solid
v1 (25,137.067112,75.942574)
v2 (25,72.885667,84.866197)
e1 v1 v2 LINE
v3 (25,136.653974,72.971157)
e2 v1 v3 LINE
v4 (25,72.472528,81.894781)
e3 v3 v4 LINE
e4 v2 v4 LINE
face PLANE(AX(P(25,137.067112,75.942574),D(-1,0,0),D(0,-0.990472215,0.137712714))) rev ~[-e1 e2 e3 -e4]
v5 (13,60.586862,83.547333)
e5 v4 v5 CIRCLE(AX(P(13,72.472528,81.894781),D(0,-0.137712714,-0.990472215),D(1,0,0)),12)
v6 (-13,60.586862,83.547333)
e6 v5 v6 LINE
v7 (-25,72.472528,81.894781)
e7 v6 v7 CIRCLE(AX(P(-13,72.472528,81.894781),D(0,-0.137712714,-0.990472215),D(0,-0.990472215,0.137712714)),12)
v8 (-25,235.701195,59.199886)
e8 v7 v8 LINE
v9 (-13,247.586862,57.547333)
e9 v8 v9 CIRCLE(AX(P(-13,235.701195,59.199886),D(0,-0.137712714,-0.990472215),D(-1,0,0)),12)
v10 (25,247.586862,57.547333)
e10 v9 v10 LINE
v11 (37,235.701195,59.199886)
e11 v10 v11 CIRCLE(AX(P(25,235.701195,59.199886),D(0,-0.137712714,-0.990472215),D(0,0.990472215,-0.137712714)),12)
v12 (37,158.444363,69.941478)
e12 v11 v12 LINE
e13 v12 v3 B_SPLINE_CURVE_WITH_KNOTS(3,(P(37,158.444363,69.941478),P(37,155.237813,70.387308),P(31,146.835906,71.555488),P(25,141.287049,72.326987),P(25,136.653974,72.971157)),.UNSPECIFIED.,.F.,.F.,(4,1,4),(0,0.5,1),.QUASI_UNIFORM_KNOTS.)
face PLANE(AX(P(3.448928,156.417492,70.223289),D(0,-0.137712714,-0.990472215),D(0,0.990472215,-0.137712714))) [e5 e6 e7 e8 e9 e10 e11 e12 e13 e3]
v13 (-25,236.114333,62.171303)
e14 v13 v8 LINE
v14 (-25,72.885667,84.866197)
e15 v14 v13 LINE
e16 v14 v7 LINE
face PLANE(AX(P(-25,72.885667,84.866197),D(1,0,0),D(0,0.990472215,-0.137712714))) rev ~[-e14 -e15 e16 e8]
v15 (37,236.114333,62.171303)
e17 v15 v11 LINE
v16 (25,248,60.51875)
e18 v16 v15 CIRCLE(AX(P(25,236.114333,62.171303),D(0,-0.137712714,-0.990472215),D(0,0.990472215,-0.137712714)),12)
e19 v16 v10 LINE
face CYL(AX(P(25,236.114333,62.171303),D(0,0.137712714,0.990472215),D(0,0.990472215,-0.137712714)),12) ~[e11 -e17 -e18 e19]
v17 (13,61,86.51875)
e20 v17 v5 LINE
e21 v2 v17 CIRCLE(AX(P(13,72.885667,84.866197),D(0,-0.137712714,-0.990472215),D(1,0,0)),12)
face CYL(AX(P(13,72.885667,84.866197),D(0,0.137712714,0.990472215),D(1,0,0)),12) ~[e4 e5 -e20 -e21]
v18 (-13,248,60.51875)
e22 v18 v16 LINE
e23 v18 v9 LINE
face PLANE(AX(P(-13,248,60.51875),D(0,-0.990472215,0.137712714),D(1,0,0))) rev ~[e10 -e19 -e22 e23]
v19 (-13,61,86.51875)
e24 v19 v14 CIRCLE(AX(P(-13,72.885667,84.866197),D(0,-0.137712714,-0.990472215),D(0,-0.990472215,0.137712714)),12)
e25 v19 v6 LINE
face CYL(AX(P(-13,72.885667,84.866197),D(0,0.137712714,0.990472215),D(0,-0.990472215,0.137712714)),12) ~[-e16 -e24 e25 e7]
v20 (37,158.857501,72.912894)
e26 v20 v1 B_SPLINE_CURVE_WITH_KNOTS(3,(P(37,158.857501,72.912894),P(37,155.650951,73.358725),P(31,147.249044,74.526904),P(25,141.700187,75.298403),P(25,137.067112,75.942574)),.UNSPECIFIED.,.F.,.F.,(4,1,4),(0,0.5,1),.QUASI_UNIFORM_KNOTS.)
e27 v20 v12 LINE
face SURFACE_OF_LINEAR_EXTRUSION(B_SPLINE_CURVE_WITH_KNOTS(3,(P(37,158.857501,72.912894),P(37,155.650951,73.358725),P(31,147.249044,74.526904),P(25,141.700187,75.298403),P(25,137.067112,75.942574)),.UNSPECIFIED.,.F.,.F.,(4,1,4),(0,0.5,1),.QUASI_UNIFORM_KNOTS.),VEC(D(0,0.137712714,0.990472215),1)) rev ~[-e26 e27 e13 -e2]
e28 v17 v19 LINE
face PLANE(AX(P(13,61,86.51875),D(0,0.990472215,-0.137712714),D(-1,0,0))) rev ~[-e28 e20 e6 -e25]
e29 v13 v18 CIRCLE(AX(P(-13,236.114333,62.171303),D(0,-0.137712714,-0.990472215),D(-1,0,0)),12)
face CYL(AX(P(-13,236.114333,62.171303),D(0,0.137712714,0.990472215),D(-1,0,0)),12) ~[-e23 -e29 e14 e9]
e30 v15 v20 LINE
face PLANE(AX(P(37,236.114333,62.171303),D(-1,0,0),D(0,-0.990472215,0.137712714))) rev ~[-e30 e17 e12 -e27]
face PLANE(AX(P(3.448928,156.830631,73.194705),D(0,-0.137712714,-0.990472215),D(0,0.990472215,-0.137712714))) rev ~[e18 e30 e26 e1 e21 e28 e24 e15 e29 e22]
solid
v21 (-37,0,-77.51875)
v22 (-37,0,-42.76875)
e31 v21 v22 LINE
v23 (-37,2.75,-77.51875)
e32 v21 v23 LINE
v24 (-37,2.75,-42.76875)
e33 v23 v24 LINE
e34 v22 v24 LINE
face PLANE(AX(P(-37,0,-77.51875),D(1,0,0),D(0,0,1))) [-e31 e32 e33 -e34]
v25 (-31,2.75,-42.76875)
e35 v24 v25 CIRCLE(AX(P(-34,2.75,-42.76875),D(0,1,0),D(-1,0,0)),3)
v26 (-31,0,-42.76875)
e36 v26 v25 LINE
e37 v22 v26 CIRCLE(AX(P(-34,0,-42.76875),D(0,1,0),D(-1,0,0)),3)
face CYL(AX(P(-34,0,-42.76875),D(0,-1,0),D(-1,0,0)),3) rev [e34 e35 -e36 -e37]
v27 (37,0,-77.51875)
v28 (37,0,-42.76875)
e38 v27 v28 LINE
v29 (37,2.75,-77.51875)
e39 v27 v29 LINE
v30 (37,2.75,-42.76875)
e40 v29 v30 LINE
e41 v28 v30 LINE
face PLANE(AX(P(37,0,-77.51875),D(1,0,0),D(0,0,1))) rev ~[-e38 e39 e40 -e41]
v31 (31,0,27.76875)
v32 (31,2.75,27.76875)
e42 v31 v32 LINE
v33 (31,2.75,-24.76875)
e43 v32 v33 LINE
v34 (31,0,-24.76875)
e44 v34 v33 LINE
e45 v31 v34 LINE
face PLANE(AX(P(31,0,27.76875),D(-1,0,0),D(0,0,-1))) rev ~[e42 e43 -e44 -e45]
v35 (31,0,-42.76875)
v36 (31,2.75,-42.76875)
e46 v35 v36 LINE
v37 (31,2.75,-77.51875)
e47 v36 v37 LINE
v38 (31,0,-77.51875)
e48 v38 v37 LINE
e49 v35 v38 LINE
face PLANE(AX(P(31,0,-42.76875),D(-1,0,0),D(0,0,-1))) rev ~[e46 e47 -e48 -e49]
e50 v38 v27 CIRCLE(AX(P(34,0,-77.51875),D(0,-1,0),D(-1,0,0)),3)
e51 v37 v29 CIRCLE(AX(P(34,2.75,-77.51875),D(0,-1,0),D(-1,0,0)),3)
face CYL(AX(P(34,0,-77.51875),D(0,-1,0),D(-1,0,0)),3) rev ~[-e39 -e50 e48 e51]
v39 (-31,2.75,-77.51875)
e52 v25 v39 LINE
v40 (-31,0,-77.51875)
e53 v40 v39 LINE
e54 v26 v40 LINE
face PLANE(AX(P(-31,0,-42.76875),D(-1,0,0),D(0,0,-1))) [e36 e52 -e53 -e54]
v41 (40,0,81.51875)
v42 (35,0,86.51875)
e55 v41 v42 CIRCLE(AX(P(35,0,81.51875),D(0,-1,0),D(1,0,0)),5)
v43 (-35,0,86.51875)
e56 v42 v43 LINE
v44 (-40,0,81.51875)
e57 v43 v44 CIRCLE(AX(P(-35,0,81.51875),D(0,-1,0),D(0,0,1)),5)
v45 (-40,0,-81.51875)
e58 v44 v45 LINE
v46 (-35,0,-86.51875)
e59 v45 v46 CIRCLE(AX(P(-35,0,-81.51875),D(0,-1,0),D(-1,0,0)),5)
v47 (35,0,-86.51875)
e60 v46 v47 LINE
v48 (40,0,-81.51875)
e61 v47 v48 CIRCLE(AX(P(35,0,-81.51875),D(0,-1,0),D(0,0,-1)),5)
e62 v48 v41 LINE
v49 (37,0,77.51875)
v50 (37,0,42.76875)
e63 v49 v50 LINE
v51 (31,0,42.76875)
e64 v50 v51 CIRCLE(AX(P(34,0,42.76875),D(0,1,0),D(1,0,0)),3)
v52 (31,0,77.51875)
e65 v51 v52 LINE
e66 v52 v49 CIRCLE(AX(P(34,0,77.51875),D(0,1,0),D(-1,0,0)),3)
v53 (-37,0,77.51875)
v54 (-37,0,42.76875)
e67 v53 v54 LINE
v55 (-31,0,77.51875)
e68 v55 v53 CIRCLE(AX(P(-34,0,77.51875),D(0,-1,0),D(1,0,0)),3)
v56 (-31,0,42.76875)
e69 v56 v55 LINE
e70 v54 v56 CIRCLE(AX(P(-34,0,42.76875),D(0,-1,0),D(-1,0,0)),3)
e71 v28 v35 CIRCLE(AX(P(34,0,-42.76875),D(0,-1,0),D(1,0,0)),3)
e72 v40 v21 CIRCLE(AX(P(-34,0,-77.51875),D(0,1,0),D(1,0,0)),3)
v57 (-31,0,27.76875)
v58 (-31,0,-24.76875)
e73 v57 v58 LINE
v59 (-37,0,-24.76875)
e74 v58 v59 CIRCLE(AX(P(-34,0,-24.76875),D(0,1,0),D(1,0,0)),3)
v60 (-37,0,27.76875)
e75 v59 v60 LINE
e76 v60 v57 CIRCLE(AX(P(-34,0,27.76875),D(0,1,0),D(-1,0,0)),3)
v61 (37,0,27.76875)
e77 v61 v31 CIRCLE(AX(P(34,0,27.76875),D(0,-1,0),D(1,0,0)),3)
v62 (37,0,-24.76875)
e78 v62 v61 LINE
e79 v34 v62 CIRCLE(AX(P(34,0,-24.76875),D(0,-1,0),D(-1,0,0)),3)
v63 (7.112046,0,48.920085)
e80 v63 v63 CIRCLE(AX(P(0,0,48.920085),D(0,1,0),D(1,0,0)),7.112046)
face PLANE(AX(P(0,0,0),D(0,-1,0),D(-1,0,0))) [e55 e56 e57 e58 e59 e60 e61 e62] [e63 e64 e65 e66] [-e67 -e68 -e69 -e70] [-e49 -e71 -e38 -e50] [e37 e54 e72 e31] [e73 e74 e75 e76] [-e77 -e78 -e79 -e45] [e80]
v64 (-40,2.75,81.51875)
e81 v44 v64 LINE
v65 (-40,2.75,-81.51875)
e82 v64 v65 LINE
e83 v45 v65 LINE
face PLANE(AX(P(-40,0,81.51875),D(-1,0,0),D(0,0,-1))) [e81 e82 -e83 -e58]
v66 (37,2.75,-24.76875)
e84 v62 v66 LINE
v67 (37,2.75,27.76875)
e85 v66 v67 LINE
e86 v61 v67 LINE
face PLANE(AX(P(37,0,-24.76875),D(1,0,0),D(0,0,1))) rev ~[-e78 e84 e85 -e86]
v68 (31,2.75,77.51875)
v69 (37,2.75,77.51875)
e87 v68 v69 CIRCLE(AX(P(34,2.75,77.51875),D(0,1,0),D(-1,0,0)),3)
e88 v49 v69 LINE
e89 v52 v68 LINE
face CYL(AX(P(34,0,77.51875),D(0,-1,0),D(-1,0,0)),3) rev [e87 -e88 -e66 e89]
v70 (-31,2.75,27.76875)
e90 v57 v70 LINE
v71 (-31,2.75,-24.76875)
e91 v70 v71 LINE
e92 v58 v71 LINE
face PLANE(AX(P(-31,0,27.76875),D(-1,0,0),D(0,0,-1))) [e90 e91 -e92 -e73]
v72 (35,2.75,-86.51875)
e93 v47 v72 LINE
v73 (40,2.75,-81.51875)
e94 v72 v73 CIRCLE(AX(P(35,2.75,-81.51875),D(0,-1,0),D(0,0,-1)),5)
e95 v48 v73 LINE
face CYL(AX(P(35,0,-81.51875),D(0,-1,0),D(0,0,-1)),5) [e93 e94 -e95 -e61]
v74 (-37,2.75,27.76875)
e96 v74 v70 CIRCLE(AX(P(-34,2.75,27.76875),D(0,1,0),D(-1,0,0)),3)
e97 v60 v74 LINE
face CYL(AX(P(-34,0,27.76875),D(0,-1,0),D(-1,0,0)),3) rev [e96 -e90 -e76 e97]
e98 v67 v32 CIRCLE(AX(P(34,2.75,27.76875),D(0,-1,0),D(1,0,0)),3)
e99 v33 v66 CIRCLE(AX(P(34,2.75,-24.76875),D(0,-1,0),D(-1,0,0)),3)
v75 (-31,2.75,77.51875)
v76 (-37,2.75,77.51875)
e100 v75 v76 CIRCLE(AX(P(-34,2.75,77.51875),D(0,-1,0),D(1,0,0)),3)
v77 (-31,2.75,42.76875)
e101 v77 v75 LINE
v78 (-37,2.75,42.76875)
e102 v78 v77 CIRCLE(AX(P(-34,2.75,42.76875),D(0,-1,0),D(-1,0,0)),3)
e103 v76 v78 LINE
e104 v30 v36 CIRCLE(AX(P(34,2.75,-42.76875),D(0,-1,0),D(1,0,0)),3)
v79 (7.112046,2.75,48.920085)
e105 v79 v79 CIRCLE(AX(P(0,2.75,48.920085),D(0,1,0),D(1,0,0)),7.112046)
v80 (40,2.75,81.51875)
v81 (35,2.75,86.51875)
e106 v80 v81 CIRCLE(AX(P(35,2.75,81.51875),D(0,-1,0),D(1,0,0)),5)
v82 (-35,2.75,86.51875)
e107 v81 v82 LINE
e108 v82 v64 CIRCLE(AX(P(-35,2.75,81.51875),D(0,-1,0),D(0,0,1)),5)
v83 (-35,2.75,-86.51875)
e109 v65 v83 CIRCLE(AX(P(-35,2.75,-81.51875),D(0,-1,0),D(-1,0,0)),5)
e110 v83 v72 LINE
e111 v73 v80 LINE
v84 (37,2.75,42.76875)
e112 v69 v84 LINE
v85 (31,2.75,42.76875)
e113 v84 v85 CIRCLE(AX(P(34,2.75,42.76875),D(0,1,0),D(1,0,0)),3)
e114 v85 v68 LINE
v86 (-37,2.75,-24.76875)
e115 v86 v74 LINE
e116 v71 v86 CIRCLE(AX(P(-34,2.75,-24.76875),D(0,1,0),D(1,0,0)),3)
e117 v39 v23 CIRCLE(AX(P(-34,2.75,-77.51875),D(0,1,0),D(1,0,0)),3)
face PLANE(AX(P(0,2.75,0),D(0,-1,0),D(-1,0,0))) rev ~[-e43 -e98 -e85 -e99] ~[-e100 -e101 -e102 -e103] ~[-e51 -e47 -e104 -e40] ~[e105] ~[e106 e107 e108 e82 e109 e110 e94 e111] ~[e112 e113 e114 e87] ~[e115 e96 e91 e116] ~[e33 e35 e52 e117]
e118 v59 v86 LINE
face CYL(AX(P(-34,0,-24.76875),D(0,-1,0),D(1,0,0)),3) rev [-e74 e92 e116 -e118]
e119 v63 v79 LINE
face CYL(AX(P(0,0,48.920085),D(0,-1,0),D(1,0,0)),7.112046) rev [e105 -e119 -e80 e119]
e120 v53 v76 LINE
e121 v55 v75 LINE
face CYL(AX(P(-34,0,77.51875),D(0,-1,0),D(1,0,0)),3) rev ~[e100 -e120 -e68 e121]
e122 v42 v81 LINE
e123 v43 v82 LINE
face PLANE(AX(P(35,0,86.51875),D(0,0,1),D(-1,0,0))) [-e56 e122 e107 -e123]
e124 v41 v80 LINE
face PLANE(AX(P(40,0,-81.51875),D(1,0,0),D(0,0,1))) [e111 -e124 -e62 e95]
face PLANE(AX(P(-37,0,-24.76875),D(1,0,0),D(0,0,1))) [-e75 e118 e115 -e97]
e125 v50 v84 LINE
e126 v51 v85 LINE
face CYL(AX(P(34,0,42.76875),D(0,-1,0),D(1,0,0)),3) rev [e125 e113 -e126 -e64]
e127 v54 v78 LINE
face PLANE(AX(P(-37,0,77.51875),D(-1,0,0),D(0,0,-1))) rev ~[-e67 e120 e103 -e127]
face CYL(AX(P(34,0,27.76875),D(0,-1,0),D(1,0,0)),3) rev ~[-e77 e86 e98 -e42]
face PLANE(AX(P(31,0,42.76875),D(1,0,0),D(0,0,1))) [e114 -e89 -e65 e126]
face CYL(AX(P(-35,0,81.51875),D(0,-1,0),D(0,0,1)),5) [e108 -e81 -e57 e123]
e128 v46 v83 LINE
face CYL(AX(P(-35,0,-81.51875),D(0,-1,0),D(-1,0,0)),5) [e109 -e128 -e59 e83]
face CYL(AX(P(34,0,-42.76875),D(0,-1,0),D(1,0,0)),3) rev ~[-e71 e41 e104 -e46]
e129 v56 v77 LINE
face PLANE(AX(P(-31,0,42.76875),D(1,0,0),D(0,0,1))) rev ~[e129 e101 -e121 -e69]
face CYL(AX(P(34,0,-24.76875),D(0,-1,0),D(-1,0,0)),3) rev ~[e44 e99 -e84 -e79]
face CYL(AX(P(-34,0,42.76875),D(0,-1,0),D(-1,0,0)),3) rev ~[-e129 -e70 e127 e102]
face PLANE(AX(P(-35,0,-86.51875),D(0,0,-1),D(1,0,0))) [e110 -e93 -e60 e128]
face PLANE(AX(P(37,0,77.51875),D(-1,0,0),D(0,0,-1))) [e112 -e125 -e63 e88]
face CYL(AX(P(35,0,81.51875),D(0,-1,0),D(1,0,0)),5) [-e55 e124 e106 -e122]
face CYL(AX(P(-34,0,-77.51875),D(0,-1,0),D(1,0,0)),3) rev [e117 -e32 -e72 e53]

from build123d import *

# Parameters (mm, degrees)
SKETCH1_R           = 7.112045721
BOSS_EXTRUDE1_DEPTH = 2.75
BOSS_EXTRUDE2_DEPTH = 3


with BuildPart() as part:
    # Sketch1 → Boss-Extrude1 (new body)
    with BuildSketch(Plane(origin=(0, 0, 0), x_dir=(1, 0, 0), z_dir=(0, 1, 0))):
        with BuildLine():
            Line((-35, 86.51875), (35, 86.51875))
            ThreePointArc((35, 86.51875), (38.535533906, 85.054283906), (40, 81.51875))
            Line((40, 81.51875), (40, -81.51875))
            ThreePointArc((40, -81.51875), (38.535533906, -85.054283906), (35, -86.51875))
            Line((35, -86.51875), (-35, -86.51875))
            ThreePointArc((-35, -86.51875), (-38.535533906, -85.054283906), (-40, -81.51875))
            Line((-40, -81.51875), (-40, 81.51875))
            ThreePointArc((-40, 81.51875), (-38.535533906, 85.054283906), (-35, 86.51875))
        make_face()
        with Locations((0, -48.920084539)):
            Circle(SKETCH1_R, mode=Mode.SUBTRACT)
        with BuildLine():
            Line((37, 77.51875), (37, 42.76875))
            ThreePointArc((37, 42.76875), (34, 39.76875), (31, 42.76875))
            Line((31, 42.76875), (31, 77.51875))
            ThreePointArc((31, 77.51875), (34, 80.51875), (37, 77.51875))
        make_face(mode=Mode.SUBTRACT)
        with BuildLine():
            Line((-37, 77.51875), (-37, 42.76875))
            ThreePointArc((-37, 42.76875), (-34, 39.76875), (-31, 42.76875))
            Line((-31, 42.76875), (-31, 77.51875))
            ThreePointArc((-31, 77.51875), (-34, 80.51875), (-37, 77.51875))
        make_face(mode=Mode.SUBTRACT)
        with BuildLine():
            Line((37, -77.51875), (37, -42.76875))
            ThreePointArc((37, -42.76875), (34, -39.76875), (31, -42.76875))
            Line((31, -42.76875), (31, -77.51875))
            ThreePointArc((31, -77.51875), (34, -80.51875), (37, -77.51875))
        make_face(mode=Mode.SUBTRACT)
        with BuildLine():
            Line((-37, -77.51875), (-37, -42.76875))
            ThreePointArc((-37, -42.76875), (-34, -39.76875), (-31, -42.76875))
            Line((-31, -42.76875), (-31, -77.51875))
            ThreePointArc((-31, -77.51875), (-34, -80.51875), (-37, -77.51875))
        make_face(mode=Mode.SUBTRACT)
        with BuildLine():
            Line((37, 24.76875), (37, -27.76875))
            ThreePointArc((37, -27.76875), (34, -30.76875), (31, -27.76875))
            Line((31, -27.76875), (31, 24.76875))
            ThreePointArc((31, 24.76875), (34, 27.76875), (37, 24.76875))
        make_face(mode=Mode.SUBTRACT)
        with BuildLine():
            Line((-37, 24.76875), (-37, -27.76875))
            ThreePointArc((-37, -27.76875), (-34, -30.76875), (-31, -27.76875))
            Line((-31, -27.76875), (-31, 24.76875))
            ThreePointArc((-31, 24.76875), (-34, 27.76875), (-37, 24.76875))
        make_face(mode=Mode.SUBTRACT)
    extrude(amount=BOSS_EXTRUDE1_DEPTH)


with BuildPart() as body_2:
    # Sketch3 → Boss-Extrude2 (new body)
    with BuildSketch(Plane(origin=(0, 12.958063193, 93.198377578), x_dir=(0, -0.990472215, 0.137712714), z_dir=(0, 0.137712714, 0.990472215))):
        with BuildLine():
            Line((-125.30290794, 25), (-60.504073198, 25))
            ThreePointArc((-60.504073198, 25), (-52.018791824, 21.485281374), (-48.504073198, 13))
            Line((-48.504073198, 13), (-48.504073198, -13))
            ThreePointArc((-48.504073198, -13), (-52.018791824, -21.485281374), (-60.504073198, -25))
            Line((-60.504073198, -25), (-225.30290794, -25))
            ThreePointArc((-225.30290794, -25), (-233.788189314, -21.485281374), (-237.30290794, -13))
            Line((-237.30290794, -13), (-237.30290794, 25))
            ThreePointArc((-237.30290794, 25), (-233.788189314, 33.485281374), (-225.30290794, 37))
            Line((-225.30290794, 37), (-147.30290794, 37))
            add(Edge.make_bspline(
                [(-147.30290794, 37), (-144.065512893, 37), (-135.5827842, 31), (-129.980550468, 25), (-125.30290794, 25)],
                knots=[0, 0, 0, 0, 0.5, 1, 1, 1, 1], degree=3))
        make_face()
    extrude(amount=-BOSS_EXTRUDE2_DEPTH)


solid = Compound([part.part, body_2.part])
